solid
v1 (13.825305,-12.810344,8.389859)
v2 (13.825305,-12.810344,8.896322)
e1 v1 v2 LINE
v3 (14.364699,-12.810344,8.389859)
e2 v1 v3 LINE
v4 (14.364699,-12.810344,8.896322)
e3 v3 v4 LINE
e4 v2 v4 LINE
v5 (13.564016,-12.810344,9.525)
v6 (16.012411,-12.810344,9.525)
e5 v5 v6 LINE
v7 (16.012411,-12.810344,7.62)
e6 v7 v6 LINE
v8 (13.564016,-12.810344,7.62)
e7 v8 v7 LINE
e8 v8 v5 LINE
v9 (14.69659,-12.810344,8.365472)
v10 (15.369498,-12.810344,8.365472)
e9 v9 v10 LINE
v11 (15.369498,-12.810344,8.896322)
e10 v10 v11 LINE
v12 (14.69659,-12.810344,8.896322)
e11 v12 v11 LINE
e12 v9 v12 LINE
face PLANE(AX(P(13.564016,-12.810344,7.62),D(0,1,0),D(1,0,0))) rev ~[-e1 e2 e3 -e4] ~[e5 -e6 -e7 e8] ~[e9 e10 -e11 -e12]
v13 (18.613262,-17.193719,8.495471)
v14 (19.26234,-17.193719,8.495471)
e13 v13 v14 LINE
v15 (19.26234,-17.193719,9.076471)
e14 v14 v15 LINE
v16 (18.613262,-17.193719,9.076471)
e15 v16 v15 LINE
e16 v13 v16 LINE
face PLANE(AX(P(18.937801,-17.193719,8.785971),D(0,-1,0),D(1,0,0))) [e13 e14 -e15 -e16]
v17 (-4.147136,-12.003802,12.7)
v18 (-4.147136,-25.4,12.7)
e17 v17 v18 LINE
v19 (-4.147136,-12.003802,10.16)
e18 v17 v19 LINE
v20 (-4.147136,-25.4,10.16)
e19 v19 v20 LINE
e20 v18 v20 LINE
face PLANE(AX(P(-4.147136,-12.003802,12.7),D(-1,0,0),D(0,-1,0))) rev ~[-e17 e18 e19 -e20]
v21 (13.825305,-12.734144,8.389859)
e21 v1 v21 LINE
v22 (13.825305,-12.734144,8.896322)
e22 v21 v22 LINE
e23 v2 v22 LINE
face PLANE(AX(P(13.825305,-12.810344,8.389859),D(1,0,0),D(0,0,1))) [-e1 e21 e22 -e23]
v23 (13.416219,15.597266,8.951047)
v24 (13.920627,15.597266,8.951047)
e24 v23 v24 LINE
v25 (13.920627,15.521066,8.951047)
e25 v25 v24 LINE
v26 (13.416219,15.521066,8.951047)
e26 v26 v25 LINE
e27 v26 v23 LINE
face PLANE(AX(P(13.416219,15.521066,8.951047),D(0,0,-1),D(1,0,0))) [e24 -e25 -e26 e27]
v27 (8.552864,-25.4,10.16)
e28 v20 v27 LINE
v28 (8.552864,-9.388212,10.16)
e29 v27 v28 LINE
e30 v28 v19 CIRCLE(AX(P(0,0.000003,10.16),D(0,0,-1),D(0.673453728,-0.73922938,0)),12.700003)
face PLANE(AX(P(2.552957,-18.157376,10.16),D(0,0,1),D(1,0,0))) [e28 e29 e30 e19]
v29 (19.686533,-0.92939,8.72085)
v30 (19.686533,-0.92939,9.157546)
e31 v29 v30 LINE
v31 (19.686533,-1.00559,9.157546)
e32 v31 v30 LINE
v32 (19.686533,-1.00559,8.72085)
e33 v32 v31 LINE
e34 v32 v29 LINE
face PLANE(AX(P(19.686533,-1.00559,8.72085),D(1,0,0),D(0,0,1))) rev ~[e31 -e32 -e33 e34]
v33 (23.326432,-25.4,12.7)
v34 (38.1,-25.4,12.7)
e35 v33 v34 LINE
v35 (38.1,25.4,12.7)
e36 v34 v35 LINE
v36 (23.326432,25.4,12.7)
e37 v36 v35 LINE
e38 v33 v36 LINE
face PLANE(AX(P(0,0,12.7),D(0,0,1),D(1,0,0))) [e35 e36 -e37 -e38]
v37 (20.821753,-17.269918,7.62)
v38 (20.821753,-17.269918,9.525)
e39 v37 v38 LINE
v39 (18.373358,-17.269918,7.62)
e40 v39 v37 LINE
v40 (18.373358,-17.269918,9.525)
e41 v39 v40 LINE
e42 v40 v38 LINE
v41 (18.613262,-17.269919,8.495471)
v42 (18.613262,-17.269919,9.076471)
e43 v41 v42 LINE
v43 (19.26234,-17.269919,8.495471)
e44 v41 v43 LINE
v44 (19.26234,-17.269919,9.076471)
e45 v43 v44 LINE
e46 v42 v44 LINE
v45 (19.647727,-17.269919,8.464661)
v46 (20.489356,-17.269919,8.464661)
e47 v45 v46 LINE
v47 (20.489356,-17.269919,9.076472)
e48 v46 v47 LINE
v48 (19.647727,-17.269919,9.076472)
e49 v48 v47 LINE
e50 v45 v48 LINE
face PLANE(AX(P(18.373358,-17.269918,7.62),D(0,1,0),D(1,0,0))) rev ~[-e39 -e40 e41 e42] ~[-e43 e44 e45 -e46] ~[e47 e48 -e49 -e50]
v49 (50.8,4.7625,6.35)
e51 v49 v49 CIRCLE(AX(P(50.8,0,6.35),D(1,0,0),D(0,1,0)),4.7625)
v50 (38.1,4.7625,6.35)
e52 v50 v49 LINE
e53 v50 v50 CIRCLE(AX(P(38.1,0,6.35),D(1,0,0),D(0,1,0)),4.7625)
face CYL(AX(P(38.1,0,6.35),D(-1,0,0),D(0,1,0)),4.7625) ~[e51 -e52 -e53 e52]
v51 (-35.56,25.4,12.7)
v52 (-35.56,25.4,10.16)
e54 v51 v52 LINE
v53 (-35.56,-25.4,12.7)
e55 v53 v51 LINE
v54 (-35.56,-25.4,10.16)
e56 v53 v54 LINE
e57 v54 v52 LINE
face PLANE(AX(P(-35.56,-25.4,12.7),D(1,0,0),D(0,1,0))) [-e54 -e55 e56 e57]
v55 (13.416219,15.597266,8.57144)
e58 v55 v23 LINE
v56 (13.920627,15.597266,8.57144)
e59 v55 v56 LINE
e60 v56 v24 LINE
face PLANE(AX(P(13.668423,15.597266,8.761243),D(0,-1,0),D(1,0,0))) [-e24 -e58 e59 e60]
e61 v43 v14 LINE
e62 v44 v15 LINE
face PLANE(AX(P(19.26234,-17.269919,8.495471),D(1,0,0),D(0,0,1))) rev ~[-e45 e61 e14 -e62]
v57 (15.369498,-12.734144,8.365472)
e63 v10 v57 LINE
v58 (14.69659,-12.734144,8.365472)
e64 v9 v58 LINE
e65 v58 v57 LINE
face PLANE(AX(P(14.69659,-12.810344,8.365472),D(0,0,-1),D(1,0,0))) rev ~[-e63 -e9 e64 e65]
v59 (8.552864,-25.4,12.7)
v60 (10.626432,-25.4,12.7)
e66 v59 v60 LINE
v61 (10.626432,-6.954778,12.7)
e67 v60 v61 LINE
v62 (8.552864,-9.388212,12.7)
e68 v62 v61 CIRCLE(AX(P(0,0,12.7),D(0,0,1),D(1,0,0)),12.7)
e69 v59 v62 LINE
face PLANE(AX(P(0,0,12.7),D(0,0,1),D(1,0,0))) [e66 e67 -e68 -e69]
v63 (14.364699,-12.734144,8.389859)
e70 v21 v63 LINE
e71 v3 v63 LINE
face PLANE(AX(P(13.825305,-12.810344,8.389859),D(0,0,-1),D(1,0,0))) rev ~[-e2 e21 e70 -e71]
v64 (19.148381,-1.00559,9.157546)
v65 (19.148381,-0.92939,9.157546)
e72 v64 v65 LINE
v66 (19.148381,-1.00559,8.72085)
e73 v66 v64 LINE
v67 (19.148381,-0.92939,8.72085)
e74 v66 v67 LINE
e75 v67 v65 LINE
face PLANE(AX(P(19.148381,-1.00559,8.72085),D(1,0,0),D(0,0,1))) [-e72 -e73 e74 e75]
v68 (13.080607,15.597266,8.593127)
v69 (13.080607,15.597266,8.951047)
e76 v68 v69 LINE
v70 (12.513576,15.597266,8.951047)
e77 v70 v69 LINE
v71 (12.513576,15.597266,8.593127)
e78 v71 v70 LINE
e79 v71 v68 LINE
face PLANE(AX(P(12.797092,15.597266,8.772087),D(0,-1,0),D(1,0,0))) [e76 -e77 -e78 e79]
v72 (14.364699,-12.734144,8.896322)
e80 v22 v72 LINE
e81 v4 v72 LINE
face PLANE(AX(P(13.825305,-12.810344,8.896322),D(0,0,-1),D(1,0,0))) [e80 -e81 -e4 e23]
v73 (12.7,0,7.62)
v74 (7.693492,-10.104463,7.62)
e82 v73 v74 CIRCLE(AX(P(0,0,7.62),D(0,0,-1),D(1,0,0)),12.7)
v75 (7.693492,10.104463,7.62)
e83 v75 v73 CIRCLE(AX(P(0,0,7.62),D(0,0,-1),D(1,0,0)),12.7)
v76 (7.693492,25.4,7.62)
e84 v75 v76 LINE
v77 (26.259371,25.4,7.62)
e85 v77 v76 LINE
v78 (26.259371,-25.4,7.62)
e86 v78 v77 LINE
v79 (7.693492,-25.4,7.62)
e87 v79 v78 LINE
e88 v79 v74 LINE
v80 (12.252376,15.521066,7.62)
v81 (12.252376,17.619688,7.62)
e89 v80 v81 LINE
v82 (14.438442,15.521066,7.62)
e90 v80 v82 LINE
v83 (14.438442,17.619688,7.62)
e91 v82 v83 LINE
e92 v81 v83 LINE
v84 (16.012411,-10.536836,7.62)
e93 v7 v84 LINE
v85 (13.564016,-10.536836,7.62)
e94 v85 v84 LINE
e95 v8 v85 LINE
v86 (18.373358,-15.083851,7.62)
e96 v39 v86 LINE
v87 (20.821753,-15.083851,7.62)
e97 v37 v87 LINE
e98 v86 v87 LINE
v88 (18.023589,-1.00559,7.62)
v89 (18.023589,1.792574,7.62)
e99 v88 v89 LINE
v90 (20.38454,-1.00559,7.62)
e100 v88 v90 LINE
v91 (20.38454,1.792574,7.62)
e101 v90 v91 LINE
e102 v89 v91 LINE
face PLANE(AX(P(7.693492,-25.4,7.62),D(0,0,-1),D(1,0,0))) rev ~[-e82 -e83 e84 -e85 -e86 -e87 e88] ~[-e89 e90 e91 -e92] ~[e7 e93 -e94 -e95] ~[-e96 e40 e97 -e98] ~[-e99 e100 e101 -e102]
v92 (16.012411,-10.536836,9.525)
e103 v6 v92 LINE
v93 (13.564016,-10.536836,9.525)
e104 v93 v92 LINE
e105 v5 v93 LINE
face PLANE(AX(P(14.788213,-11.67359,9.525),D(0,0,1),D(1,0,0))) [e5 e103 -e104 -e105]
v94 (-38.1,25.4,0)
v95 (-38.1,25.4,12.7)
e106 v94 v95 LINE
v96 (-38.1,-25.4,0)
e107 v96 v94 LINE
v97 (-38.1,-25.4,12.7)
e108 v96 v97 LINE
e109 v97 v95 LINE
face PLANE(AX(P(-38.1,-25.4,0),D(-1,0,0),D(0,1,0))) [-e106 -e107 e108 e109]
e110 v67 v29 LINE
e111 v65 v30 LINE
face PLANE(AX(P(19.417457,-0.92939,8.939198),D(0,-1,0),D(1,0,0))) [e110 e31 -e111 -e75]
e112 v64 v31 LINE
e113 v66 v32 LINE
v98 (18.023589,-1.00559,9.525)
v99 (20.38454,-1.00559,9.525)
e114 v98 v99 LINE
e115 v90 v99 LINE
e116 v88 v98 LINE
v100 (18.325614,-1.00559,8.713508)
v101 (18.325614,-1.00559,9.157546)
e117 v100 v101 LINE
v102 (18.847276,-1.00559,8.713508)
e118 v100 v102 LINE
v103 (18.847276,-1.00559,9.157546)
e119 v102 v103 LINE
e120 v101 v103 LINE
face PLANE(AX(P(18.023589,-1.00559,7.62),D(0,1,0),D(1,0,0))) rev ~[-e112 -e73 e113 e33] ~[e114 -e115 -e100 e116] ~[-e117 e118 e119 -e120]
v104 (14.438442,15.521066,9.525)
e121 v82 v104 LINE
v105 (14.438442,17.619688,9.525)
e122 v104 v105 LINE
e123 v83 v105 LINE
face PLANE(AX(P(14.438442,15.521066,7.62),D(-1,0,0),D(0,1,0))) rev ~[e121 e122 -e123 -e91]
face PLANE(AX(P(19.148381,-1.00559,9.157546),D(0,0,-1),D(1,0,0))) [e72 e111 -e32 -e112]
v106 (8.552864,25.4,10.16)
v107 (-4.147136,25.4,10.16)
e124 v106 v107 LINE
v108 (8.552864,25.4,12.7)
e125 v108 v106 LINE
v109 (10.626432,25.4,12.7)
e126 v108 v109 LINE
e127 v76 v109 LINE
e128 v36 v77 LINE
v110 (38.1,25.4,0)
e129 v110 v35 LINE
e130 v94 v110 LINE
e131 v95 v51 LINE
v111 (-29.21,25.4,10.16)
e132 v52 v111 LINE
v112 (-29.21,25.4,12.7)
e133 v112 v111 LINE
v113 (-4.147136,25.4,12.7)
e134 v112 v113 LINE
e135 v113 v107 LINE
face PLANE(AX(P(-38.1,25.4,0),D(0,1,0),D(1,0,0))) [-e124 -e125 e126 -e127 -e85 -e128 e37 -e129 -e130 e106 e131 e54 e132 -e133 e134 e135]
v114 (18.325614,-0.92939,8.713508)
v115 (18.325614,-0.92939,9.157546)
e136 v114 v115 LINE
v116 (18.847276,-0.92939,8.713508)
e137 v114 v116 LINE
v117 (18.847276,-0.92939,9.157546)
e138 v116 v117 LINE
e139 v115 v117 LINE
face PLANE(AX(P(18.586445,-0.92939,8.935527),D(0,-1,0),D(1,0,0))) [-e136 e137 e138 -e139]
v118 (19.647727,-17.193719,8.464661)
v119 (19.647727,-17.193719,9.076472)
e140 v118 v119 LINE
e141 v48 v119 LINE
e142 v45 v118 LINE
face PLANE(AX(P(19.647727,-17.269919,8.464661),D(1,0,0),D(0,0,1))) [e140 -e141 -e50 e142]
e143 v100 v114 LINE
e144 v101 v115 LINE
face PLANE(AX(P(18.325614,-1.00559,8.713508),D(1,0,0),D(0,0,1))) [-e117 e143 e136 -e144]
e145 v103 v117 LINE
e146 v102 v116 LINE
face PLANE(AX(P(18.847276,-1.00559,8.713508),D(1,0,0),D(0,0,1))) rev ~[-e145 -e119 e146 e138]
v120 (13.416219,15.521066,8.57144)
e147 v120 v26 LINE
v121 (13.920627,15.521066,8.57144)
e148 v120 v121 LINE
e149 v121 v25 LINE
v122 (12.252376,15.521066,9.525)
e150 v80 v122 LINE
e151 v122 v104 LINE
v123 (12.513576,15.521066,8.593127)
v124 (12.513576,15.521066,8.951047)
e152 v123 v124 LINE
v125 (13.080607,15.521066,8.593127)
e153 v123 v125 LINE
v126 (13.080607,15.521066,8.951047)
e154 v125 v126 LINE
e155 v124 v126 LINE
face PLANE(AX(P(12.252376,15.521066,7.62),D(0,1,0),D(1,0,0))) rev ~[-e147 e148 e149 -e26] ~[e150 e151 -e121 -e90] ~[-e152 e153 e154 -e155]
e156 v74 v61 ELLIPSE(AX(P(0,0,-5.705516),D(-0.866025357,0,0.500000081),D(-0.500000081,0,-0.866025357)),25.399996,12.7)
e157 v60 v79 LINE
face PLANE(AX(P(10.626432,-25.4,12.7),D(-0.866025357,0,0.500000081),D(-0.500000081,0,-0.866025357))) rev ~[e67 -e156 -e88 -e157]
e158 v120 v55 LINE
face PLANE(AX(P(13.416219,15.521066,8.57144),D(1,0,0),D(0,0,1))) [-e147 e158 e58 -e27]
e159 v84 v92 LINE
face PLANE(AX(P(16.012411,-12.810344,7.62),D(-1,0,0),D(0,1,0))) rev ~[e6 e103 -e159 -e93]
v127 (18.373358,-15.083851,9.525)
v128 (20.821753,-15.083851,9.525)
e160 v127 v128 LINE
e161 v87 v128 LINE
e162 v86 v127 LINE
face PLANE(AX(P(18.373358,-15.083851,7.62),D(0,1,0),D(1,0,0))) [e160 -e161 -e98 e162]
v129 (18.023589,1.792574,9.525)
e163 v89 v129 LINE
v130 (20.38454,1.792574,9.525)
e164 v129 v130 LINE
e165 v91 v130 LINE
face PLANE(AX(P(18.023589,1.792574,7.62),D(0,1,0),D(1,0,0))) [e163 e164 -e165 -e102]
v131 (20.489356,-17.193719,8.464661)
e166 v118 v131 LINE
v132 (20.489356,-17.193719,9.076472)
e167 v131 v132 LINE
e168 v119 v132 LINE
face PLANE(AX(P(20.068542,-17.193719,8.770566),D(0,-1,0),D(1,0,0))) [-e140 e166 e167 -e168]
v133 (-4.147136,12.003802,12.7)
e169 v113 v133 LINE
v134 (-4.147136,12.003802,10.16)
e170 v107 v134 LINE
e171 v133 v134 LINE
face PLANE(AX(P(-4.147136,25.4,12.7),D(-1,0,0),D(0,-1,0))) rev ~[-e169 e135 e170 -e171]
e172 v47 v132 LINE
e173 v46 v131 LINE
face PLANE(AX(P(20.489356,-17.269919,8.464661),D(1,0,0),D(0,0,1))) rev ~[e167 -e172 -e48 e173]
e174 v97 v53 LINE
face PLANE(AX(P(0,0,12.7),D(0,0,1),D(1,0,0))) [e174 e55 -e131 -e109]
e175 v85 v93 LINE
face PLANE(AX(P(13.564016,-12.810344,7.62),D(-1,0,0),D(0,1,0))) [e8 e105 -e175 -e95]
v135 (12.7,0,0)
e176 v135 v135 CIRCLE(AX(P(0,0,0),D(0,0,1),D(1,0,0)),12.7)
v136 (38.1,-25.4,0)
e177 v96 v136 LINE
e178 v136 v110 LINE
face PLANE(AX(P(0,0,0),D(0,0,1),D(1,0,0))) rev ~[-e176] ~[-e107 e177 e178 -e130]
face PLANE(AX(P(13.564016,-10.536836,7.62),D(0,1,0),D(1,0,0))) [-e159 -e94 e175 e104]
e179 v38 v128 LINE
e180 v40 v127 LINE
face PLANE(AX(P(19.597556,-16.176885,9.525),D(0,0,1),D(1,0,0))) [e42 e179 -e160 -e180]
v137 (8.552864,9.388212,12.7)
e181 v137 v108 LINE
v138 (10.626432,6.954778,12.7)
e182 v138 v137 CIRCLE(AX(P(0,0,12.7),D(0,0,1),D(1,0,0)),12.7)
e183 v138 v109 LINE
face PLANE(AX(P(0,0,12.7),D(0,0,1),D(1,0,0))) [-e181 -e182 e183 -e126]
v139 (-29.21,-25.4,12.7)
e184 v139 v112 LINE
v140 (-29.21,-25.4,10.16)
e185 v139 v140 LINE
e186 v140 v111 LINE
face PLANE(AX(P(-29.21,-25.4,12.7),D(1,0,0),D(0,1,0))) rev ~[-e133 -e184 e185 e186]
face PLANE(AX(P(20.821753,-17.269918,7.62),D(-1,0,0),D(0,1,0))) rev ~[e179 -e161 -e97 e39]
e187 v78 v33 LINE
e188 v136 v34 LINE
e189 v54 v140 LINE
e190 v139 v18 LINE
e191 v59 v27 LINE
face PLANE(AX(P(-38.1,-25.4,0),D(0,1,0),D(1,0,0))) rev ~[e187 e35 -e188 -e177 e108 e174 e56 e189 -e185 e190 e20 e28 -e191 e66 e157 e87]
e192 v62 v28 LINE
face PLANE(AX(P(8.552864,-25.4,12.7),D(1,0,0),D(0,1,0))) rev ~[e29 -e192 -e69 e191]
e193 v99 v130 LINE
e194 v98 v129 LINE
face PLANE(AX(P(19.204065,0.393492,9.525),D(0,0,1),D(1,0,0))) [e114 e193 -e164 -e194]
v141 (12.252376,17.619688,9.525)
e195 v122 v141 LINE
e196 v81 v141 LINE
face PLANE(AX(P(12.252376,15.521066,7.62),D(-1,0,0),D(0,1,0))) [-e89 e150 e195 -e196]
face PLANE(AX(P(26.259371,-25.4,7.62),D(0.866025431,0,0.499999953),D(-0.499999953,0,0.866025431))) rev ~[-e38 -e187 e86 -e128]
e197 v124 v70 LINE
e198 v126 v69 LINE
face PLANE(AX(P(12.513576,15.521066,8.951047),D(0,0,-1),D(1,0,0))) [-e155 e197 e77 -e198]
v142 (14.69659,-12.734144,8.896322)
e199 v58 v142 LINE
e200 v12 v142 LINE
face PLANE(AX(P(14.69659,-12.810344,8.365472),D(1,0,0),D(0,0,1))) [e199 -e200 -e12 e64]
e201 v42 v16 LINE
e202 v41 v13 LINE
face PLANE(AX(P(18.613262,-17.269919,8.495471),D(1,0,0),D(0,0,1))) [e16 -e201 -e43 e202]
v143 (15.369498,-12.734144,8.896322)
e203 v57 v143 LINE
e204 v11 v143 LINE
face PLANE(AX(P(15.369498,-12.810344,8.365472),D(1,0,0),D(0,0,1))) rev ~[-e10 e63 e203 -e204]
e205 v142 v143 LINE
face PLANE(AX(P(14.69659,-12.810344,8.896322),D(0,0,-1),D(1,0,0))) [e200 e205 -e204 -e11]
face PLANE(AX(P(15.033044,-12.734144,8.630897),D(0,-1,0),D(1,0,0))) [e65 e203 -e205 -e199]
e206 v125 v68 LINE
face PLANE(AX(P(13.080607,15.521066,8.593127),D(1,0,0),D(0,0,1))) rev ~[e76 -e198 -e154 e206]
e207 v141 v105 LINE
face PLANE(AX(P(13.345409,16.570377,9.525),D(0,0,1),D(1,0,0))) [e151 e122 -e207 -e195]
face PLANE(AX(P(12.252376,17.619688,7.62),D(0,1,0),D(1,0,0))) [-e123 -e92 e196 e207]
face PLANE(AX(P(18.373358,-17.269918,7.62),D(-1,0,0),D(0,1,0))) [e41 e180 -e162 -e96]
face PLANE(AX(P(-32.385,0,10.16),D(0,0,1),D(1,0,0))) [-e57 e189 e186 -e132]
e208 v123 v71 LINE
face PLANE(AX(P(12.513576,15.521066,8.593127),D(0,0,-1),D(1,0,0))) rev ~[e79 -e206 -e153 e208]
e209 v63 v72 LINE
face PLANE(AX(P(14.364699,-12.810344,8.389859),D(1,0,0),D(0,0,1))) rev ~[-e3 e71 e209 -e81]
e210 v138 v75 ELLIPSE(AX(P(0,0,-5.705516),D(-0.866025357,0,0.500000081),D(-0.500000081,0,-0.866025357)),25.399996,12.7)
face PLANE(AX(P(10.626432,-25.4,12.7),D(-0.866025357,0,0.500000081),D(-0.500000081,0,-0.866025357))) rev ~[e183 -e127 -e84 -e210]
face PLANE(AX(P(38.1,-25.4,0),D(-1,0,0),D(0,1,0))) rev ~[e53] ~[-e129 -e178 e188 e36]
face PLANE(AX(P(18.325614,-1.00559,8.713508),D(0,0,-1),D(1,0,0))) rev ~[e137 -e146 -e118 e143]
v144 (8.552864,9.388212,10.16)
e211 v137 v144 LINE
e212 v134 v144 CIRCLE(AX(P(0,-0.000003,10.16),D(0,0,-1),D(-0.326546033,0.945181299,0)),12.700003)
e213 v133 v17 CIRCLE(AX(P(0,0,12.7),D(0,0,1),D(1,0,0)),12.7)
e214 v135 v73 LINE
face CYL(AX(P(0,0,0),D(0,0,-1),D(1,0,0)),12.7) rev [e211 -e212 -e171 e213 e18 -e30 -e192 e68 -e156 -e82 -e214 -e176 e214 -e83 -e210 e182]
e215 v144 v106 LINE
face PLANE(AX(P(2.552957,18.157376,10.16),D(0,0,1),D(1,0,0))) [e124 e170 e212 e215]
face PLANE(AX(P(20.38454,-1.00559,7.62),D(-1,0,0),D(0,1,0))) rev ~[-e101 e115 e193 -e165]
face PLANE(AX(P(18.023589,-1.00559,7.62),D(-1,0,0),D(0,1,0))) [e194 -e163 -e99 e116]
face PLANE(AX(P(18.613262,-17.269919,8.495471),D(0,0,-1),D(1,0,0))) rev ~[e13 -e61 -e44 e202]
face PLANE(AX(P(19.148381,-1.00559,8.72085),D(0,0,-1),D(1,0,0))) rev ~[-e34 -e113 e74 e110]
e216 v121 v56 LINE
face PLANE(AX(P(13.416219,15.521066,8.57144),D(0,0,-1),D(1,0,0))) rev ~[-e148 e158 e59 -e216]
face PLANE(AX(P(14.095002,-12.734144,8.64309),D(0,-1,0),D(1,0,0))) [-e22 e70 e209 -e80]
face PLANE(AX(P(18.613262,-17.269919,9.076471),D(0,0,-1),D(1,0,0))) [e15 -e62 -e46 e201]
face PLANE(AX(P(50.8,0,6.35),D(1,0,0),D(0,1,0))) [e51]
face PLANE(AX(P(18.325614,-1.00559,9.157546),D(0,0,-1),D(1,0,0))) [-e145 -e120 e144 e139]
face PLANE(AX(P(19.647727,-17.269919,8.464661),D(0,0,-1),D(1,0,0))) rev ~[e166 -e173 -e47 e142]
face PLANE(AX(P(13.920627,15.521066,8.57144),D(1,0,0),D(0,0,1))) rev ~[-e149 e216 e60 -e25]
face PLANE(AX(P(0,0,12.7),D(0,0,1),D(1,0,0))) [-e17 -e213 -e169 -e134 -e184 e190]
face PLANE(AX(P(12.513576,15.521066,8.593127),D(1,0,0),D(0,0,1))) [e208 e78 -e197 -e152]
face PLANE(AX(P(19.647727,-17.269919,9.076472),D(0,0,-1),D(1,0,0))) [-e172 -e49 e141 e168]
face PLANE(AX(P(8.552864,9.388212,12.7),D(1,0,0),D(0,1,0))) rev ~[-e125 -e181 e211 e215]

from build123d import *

# Parameters (mm, degrees)
F0_W      = 76.2
F0_H      = 50.8
F0_R      = 12.7
F1_DEPTH  = 12.7
F2_W      = 6.35
F2_H      = 50.8
F3_DEPTH  = 2.54
F5_DEPTH  = 50.801
F6_R      = 4.7625
F7_DEPTH  = 12.7
F8_W      = 2.186066
F8_H      = 2.098622
F8_W_2    = 2.360951
F8_H_2    = 2.798164
F8_W_3    = 2.448395
F8_H_3    = 2.273508
F8_H_4    = 2.186067
F9_DEPTH  = 1.905
F10_W     = 0.841629
F10_H     = 0.611811
F10_W_2   = 0.649078
F10_H_2   = 0.581
F11_DEPTH = 0.0762
F12_W     = 0.539394
F12_H     = 0.506463
F12_W_2   = 0.672908
F12_H_2   = 0.530849
F13_DEPTH = 0.0762
F14_W     = 0.521662
F14_H     = 0.444038
F14_W_2   = 0.538152
F14_H_2   = 0.436696
F15_DEPTH = 0.0762
F16_W     = 0.567031
F16_H     = 0.357919
F16_W_2   = 0.504408
F16_H_2   = 0.379607
F17_DEPTH = 0.0762


with BuildPart() as f1:
    # F0 (on Top) → F1 (new body)
    with BuildSketch(Plane.XY):
        Rectangle(F0_W, F0_H)
        Circle(F0_R, mode=Mode.SUBTRACT)
    extrude(amount=F1_DEPTH)

    # F2 (on face) → F3 (cut)
    with BuildSketch(Plane.XY.offset(12.7)):
        with Locations((-32.385, 0)):
            Rectangle(F2_W, F2_H)
        with BuildLine():
            Line((-4.147136, -12.003802), (-4.147136, -25.4))
            Line((-4.147136, -25.4), (8.552864, -25.4))
            Line((8.552864, -25.4), (8.552864, -9.388212))
            ThreePointArc((8.552864, -9.388212), (2.561823, -12.438933), (-4.147136, -12.003802))
        make_face()
        with BuildLine():
            Line((8.552864, 25.4), (-4.147136, 25.4))
            Line((-4.147136, 25.4), (-4.147136, 12.003802))
            ThreePointArc((-4.147136, 12.003802), (2.561823, 12.438933), (8.552864, 9.388212))
            Line((8.552864, 9.388212), (8.552864, 25.4))
        make_face()
    extrude(amount=-F3_DEPTH, mode=Mode.SUBTRACT)

    # F4 (on face) → F5 (cut, through all)
    with BuildSketch(Plane.XZ.offset(25.4)):
        Polygon((23.326432, 12.7), (10.626432, 12.7), (7.693492, 7.62), (26.259371, 7.62), align=None)
    extrude(amount=-F5_DEPTH, mode=Mode.SUBTRACT)

    # F6 (on face) → F7 (join)
    with BuildSketch(Plane.YZ.offset(38.1)):
        with Locations((0, 6.35)):
            Circle(F6_R)
    extrude(amount=F7_DEPTH)

    # F8 (on face) → F9 (join)
    with BuildSketch(Plane.XY.offset(7.62)):
        with Locations((13.345409, 16.570377)):
            Rectangle(F8_W, F8_H)
        with Locations((19.204065, 0.393492)):
            Rectangle(F8_W_2, F8_H_2)
        with Locations((14.788213, -11.67359)):
            Rectangle(F8_W_3, F8_H_3)
        with Locations((19.597556, -16.176885)):
            Rectangle(F8_W_3, F8_H_4)
    extrude(amount=F9_DEPTH)

    # F10 (on face) → F11 (cut)
    with BuildSketch(Plane.XZ.offset(17.269919)):
        with Locations((20.068542, 8.770566)):
            Rectangle(F10_W, F10_H)
        with Locations((18.937801, 8.785971)):
            Rectangle(F10_W_2, F10_H_2)
    extrude(amount=-F11_DEPTH, mode=Mode.SUBTRACT)

    # F12 (on face) → F13 (cut)
    with BuildSketch(Plane.XZ.offset(12.810344)):
        with Locations((14.095002, 8.64309)):
            Rectangle(F12_W, F12_H)
        with Locations((15.033044, 8.630897)):
            Rectangle(F12_W_2, F12_H_2)
    extrude(amount=-F13_DEPTH, mode=Mode.SUBTRACT)

    # F14 (on face) → F15 (cut)
    with BuildSketch(Plane.XZ.offset(1.00559)):
        with Locations((18.586445, 8.935527)):
            Rectangle(F14_W, F14_H)
        with Locations((19.417457, 8.939198)):
            Rectangle(F14_W_2, F14_H_2)
    extrude(amount=-F15_DEPTH, mode=Mode.SUBTRACT)

    # F16 (on face) → F17 (cut)
    with BuildSketch(Plane.XZ.offset(-15.521066)):
        with Locations((12.797092, 8.772087)):
            Rectangle(F16_W, F16_H)
        with Locations((13.668423, 8.761243)):
            Rectangle(F16_W_2, F16_H_2)
    extrude(amount=-F17_DEPTH, mode=Mode.SUBTRACT)


solid = f1.part
